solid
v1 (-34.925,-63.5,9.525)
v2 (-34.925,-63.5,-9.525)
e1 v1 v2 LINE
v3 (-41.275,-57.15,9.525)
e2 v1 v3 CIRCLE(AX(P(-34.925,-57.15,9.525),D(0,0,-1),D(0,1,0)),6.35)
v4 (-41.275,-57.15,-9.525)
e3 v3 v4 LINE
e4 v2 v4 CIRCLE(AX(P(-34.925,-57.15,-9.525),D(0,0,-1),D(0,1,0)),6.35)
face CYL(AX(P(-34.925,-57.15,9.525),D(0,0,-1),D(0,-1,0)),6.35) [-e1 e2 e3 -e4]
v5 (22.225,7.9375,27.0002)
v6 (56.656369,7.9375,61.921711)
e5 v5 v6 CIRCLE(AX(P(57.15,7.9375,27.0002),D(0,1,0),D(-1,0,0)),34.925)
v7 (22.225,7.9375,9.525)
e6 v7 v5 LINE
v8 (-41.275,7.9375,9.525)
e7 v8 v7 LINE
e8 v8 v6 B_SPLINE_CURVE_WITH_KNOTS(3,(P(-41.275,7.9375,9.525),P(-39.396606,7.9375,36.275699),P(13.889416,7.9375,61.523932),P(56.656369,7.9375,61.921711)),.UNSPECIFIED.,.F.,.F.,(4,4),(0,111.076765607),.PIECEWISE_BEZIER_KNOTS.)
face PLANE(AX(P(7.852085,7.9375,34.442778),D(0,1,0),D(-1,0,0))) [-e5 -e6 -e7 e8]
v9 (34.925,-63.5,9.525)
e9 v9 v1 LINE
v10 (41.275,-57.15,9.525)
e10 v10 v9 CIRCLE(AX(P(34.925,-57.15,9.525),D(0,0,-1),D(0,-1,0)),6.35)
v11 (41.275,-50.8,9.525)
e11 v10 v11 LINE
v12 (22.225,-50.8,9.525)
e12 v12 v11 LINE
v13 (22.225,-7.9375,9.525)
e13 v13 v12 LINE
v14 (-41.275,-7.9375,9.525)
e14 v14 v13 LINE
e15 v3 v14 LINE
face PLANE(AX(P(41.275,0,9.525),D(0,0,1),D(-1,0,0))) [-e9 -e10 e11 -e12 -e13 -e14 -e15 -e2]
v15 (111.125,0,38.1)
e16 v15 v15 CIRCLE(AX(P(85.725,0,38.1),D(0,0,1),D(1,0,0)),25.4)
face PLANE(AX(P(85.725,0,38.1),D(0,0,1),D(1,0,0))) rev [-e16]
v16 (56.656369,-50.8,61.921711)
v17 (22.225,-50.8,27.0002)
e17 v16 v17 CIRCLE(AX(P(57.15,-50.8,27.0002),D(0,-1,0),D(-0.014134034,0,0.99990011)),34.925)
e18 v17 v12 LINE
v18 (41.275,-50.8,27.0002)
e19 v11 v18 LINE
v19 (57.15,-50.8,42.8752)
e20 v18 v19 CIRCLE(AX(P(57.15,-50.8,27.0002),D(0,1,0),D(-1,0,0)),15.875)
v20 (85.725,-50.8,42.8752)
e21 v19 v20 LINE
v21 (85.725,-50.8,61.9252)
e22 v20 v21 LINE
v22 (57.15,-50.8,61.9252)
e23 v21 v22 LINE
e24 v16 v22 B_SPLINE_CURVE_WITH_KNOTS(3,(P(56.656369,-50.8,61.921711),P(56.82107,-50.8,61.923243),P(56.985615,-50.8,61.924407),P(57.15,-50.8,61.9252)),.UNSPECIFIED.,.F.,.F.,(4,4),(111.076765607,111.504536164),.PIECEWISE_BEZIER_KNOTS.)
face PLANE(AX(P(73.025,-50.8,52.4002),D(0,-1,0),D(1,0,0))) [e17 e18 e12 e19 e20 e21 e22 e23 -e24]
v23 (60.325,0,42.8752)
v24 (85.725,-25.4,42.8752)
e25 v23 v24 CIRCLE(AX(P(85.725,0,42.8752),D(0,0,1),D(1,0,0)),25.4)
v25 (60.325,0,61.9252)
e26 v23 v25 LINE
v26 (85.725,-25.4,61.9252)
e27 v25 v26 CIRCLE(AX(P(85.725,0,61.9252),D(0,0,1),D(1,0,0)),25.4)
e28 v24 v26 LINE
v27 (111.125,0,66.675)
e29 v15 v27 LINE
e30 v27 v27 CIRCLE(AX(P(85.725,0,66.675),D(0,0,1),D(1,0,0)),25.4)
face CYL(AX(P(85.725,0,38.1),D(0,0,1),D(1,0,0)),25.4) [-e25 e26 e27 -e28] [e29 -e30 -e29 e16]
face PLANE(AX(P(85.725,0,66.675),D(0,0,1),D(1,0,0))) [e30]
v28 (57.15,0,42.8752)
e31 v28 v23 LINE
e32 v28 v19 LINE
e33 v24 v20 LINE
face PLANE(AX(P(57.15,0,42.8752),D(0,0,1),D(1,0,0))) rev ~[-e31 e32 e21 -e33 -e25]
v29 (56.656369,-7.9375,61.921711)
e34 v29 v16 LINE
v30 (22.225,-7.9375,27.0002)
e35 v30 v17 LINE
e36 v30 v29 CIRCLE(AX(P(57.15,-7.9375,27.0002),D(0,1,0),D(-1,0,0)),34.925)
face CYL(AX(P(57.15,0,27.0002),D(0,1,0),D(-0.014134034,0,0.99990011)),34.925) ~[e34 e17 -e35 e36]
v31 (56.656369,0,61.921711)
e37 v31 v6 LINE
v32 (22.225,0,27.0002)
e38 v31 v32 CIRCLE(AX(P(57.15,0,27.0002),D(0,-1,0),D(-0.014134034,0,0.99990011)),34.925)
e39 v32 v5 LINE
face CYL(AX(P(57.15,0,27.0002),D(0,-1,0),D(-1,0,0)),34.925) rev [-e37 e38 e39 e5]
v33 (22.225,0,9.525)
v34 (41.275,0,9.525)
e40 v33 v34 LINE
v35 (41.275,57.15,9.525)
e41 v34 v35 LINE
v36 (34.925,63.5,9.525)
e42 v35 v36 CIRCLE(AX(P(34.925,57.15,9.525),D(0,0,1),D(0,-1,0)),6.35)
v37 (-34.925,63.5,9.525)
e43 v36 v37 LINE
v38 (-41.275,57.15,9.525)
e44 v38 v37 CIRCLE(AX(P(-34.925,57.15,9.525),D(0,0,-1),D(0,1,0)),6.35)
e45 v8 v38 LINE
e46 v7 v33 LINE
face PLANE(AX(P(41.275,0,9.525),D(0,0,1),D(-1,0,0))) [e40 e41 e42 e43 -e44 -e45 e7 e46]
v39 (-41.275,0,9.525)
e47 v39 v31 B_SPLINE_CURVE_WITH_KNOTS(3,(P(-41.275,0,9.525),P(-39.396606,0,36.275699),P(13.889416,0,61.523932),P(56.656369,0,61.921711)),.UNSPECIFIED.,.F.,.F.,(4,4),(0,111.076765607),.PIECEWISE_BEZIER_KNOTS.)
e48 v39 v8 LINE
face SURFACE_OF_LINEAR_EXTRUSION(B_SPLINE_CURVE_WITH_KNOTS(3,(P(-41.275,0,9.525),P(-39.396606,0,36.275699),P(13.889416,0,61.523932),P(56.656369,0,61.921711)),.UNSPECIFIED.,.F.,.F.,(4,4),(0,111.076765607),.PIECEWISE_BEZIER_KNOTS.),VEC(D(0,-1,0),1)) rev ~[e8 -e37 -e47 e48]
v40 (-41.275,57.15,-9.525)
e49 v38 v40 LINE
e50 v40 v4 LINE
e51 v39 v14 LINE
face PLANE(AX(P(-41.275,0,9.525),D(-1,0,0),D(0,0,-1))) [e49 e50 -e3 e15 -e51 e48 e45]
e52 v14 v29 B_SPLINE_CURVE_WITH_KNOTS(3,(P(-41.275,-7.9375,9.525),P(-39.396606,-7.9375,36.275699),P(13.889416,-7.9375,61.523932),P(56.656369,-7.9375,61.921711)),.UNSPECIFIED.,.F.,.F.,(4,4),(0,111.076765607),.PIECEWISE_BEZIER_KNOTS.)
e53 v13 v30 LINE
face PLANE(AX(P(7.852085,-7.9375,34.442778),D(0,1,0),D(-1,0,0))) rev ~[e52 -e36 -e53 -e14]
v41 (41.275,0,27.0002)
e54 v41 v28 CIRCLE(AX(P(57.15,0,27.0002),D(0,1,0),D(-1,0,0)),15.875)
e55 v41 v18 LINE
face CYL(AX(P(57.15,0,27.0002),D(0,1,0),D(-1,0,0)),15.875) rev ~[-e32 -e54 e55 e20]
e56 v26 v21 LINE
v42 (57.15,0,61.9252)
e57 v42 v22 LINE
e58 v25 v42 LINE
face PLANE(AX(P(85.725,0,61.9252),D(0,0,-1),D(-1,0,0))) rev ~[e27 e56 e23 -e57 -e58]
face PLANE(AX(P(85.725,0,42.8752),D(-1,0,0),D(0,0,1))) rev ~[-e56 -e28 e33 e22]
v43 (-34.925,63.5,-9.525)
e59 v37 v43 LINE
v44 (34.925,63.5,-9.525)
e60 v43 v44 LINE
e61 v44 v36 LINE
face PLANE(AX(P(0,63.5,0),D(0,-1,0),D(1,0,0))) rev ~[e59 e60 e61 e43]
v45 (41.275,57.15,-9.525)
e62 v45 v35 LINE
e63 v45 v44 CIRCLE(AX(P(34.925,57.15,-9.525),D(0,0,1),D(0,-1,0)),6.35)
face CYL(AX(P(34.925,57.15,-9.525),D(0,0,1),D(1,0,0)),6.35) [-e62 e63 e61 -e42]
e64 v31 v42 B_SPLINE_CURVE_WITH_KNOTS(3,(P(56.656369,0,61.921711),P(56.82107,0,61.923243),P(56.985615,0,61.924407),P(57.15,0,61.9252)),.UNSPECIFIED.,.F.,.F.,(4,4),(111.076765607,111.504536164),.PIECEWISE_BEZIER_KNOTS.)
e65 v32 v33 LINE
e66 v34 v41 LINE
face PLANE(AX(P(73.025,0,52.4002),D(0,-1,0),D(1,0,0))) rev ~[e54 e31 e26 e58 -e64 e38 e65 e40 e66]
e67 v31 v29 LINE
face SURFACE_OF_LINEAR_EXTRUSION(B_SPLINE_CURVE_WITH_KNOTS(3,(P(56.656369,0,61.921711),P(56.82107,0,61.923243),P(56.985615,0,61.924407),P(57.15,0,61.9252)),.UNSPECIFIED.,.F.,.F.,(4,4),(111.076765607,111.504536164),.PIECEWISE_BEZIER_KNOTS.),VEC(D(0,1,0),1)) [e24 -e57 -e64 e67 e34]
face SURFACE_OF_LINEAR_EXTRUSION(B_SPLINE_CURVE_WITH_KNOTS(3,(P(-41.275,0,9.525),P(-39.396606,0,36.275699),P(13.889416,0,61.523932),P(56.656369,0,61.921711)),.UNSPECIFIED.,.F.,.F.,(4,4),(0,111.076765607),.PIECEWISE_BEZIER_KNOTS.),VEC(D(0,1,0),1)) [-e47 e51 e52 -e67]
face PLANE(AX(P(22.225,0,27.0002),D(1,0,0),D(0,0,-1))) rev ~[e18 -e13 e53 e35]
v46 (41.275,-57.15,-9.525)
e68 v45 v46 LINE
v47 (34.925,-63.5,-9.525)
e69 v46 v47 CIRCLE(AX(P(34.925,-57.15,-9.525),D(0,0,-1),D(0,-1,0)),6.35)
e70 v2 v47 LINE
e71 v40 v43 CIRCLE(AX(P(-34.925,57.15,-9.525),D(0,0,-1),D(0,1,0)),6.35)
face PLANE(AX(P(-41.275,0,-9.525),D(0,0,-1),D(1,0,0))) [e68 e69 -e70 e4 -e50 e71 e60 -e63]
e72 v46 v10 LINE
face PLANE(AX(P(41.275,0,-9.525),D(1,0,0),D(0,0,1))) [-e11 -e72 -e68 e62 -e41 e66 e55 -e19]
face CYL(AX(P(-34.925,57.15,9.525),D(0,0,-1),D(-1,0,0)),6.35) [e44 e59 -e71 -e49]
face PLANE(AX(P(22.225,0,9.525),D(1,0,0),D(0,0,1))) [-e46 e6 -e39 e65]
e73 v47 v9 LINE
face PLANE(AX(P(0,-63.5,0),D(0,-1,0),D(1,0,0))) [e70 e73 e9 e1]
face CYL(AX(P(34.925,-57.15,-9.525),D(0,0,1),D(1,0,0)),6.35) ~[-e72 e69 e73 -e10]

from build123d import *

# Parameters (mm, degrees)
F1_DEPTH = 63.5
F0_W     = 25.4
F0_H     = 19.05
F2_DEPTH = 50.8
F3_DEPTH = 7.9375
F5_R     = 6.35
F6_R     = 6.35


with BuildPart() as f1:
    # F0 (on Front) → F1 (new body, symmetric)
    with BuildSketch(Plane.XZ):
        Polygon((-41.275, 9.525), (-41.275, -9.525), (41.275, -9.525), (41.275, 9.525), (22.225, 9.525), align=None)
    extrude(amount=F1_DEPTH, both=True)

    # F0 (on Front) → F2 (join)
    with BuildSketch(Plane.XZ):
        with Locations((73.025, 52.4002)):
            Rectangle(F0_W, F0_H)
        with BuildLine():
            Line((22.225, 9.525), (41.275, 9.525))
            Line((41.275, 9.525), (41.275, 27.0002))
            ThreePointArc((41.275, 27.0002), (45.9246798487, 38.2255201513), (57.15, 42.8752))
            Line((57.15, 42.8752), (60.325, 42.8752))
            Line((60.325, 42.8752), (60.325, 61.9252))
            Line((60.325, 61.9252), (57.15, 61.9252))
            add(Edge.make_bspline(
                [(56.6563688667, 61.9217113262), (56.8210697668, 61.9232432232), (56.985614657, 61.924406559), (57.15, 61.9252)],
                knots=[111.0767656068, 111.0767656068, 111.0767656068, 111.0767656068, 111.5045361635, 111.5045361635, 111.5045361635, 111.5045361635], degree=3))
            ThreePointArc((56.6563688667, 61.9217113262), (32.2803830716, 51.5207582896), (22.225, 27.0002))
            Line((22.225, 27.0002), (22.225, 9.525))
        make_face()
    extrude(amount=F2_DEPTH)

    # F0 (on Front) → F3 (join, symmetric)
    with BuildSketch(Plane.XZ):
        with BuildLine():
            add(Edge.make_bspline(
                [(-41.275, 9.525), (-39.3966058036, 36.2756986169), (13.8894158841, 61.52393227), (56.6563688667, 61.9217113262)],
                knots=[0, 0, 0, 0, 111.0767656068, 111.0767656068, 111.0767656068, 111.0767656068], degree=3))
            Line((-41.275, 9.525), (22.225, 9.525))
            Line((22.225, 9.525), (22.225, 27.0002))
            ThreePointArc((22.225, 27.0002), (32.2803830716, 51.5207582896), (56.6563688667, 61.9217113262))
        make_face()
    extrude(amount=F3_DEPTH, both=True)

    # F0 (on Front) → F4 (revolve)
    with BuildSketch(Plane.XZ):
        Polygon((85.725, 66.675), (85.725, 61.9252), (85.725, 42.8752), (85.725, 38.1), (111.125, 38.1), (111.125, 66.675), align=None)
    revolve(axis=Axis((85.725, 0, 54.7751), (0, 0, 1)))

    # F5
    f5_edges = [f1.edges().sort_by_distance(p)[0] for p in [
        (-41.275, -63.5, 0),
        (41.275, -63.5, 0),
        (41.275, 63.5, 0),
    ]]
    fillet(f5_edges, radius=F5_R)

    # F6
    f6_edges = [f1.edges().sort_by_distance(p)[0] for p in [
        (-41.275, 63.5, 0),
    ]]
    fillet(f6_edges, radius=F6_R)


solid = f1.part
